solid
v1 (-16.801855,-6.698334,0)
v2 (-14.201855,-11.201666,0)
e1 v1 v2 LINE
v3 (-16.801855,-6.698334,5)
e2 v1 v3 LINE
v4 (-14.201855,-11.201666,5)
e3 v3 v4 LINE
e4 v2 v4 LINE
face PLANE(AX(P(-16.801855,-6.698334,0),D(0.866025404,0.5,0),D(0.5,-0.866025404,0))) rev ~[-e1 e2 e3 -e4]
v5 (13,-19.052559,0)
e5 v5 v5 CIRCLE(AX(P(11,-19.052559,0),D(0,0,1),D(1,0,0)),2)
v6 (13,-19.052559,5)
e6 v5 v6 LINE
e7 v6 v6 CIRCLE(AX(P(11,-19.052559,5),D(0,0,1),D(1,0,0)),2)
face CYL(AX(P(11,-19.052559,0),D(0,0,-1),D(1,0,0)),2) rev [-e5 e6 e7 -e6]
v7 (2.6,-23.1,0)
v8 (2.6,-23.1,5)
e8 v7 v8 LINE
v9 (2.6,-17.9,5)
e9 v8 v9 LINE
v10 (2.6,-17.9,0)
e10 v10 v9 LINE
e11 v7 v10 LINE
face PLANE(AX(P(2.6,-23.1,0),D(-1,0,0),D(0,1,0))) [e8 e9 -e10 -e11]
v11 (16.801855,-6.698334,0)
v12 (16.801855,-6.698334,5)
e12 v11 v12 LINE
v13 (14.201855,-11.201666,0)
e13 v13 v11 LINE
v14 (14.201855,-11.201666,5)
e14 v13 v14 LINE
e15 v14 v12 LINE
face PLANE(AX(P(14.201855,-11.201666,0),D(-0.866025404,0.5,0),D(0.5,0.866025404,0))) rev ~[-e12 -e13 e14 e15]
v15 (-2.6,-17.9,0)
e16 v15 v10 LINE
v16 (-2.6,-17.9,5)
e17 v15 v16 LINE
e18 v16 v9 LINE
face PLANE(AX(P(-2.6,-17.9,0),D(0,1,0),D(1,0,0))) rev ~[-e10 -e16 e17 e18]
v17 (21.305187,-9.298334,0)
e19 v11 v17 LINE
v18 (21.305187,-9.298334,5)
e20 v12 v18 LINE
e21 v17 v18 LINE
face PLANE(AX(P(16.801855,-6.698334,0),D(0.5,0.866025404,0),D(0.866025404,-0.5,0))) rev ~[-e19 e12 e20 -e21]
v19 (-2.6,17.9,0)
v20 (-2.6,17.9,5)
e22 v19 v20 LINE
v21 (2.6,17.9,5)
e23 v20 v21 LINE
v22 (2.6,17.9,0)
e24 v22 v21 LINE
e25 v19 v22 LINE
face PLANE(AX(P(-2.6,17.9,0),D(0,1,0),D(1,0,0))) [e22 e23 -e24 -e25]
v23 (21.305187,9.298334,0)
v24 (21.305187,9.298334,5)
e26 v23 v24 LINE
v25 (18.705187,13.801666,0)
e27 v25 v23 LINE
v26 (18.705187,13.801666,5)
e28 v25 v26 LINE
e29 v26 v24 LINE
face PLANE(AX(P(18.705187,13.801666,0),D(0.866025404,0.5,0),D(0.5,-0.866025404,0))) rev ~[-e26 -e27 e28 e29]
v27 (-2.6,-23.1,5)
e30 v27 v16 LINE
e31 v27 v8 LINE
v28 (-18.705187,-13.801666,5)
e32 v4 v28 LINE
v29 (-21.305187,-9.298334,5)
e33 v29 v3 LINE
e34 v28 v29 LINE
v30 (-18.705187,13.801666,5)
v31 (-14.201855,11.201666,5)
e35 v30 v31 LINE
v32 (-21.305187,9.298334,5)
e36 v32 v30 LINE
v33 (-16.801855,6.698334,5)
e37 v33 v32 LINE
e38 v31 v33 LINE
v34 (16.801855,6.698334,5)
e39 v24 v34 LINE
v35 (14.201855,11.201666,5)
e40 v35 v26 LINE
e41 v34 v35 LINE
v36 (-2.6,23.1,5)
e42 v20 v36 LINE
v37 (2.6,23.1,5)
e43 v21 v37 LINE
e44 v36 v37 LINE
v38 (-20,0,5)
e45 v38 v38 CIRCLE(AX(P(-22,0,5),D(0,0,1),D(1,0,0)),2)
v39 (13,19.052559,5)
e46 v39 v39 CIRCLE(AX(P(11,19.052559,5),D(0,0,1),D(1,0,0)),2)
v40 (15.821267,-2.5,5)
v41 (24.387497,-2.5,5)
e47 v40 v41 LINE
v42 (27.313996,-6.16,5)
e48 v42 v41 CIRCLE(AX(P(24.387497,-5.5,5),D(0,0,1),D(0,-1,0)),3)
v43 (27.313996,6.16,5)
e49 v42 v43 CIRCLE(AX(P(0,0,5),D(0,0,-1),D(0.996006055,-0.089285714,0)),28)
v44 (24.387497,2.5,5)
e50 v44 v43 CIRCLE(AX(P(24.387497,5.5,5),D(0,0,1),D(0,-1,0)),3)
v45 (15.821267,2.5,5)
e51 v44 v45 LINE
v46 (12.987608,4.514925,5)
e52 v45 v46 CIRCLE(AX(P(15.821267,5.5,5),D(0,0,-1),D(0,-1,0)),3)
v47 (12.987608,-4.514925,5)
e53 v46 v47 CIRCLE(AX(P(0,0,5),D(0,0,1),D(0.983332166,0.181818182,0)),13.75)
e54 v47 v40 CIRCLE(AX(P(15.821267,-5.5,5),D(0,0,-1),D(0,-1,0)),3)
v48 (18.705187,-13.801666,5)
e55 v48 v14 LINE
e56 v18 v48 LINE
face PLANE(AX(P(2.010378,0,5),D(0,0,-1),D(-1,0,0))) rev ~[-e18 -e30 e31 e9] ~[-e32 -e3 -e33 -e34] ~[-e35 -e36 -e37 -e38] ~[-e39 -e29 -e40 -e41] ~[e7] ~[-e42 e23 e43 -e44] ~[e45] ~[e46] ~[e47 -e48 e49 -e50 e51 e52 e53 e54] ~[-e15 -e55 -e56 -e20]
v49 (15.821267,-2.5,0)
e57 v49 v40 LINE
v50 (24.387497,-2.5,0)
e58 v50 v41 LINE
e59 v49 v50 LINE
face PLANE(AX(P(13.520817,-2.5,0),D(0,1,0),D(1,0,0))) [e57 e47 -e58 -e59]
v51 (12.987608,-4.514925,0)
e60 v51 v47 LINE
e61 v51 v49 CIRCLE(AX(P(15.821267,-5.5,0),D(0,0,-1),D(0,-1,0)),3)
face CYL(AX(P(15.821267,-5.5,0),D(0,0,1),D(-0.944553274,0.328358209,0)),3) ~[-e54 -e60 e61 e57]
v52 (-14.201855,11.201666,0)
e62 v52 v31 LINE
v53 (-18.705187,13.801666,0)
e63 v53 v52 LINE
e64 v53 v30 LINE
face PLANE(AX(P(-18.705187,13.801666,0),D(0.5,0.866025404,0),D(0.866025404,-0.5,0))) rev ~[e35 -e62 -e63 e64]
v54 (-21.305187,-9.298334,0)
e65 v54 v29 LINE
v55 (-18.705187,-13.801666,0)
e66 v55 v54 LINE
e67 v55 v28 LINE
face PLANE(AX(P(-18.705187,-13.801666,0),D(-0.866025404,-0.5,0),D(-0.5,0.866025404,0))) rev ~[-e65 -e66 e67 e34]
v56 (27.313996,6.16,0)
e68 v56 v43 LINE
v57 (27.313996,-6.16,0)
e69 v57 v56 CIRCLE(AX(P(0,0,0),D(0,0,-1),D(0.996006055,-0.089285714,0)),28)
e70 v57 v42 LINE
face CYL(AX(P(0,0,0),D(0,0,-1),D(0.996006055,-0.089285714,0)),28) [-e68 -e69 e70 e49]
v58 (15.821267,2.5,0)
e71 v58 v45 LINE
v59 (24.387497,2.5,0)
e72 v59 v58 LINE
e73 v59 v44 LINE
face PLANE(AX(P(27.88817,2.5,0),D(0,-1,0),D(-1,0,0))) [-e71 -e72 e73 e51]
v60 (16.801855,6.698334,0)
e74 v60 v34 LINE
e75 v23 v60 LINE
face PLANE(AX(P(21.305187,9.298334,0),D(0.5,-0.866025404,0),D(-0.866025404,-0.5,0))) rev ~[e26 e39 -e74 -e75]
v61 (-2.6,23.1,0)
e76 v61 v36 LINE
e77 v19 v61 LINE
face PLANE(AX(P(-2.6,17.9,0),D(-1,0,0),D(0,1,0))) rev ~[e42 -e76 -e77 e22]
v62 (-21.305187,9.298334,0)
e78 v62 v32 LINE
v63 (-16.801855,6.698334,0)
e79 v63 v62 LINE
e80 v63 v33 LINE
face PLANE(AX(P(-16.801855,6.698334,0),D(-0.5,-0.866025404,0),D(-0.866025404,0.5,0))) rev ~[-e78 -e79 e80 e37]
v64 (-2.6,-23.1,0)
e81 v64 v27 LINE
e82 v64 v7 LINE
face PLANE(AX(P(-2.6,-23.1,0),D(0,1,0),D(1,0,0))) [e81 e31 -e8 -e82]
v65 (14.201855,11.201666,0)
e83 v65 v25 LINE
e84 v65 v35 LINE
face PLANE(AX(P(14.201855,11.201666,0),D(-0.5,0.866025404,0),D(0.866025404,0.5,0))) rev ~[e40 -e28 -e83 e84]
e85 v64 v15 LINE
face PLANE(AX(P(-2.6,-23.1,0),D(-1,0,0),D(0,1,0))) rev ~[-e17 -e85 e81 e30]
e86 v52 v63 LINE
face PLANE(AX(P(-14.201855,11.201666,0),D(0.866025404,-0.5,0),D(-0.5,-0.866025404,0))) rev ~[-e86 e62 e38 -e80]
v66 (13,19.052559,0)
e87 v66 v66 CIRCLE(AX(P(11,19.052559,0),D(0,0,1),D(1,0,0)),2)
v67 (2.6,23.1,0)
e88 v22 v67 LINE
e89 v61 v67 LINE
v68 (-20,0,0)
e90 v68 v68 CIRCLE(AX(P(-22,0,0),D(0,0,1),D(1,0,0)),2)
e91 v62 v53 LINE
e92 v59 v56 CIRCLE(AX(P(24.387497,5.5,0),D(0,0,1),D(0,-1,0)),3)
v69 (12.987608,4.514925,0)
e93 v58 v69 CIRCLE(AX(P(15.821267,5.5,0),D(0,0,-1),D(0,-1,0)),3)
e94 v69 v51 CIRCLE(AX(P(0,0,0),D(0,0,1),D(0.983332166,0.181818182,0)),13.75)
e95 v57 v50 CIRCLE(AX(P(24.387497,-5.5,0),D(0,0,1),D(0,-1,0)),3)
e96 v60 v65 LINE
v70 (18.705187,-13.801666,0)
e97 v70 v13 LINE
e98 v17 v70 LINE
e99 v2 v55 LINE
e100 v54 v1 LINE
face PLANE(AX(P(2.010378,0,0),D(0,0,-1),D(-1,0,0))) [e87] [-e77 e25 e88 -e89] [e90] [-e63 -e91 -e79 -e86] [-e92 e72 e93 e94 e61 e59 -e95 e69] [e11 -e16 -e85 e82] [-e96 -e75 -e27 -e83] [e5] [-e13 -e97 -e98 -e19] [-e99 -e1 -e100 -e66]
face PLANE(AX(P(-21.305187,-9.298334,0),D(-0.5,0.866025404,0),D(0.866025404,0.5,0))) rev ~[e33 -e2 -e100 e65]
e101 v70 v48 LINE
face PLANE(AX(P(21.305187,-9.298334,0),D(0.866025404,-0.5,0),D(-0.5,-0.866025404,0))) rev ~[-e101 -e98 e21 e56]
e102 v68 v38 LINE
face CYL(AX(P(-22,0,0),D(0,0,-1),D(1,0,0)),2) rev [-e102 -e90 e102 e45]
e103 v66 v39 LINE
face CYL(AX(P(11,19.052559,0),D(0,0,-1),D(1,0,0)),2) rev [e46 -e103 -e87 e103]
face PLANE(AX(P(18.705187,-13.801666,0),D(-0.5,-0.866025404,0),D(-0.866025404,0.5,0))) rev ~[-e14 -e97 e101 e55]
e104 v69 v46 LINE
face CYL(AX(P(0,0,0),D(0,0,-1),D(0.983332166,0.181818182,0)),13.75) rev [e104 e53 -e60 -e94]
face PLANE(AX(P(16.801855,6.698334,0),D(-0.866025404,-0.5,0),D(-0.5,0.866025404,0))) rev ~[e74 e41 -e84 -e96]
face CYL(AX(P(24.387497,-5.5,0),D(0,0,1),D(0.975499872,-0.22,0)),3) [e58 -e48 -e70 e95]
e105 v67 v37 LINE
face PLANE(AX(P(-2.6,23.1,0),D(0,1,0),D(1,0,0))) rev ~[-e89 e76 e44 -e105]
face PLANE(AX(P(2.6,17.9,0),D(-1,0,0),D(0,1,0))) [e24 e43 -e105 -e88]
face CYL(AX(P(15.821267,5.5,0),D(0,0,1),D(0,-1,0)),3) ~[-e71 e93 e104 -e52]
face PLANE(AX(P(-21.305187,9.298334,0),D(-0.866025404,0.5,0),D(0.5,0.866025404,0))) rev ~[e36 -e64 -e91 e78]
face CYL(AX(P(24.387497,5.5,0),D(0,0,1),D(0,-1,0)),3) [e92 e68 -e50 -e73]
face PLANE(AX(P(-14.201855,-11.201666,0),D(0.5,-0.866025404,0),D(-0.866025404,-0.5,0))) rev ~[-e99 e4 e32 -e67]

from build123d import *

# Parameters (mm, degrees)
SKETCH1_R           = 2
SKETCH1_W           = 5.2
SKETCH1_H           = 5.2
BOSS_EXTRUDE1_DEPTH = 5
CONG_2_R            = 3


with BuildPart() as part:
    # Sketch1 → Boss-Extrude1 (new body)
    with BuildSketch(Plane.XY):
        with BuildLine():
            Line((27.888169535, 2.5), (13.520817283, 2.5))
            ThreePointArc((13.520817283, 2.5), (-13.75, 0), (13.520817283, -2.5))
            Line((13.520817283, -2.5), (27.888169535, -2.5))
            ThreePointArc((27.888169535, -2.5), (-28, 0), (27.888169535, 2.5))
        make_face()
        with Locations((11, 19.052558883)):
            Circle(SKETCH1_R, mode=Mode.SUBTRACT)
        with Locations((11, -19.052558883)):
            Circle(SKETCH1_R, mode=Mode.SUBTRACT)
        with Locations((-22, 0)):
            Circle(SKETCH1_R, mode=Mode.SUBTRACT)
        with Locations((0, 20.5)):
            Rectangle(SKETCH1_W, SKETCH1_H, mode=Mode.SUBTRACT)
        Polygon((21.305186827, 9.29833395), (16.801854728, 6.69833395), (14.201854728, 11.20166605), (18.705186827, 13.80166605), align=None, mode=Mode.SUBTRACT)
        Polygon((18.705186827, -13.80166605), (14.201854728, -11.20166605), (16.801854728, -6.69833395), (21.305186827, -9.29833395), align=None, mode=Mode.SUBTRACT)
        with Locations((0, -20.5)):
            Rectangle(SKETCH1_W, SKETCH1_H, mode=Mode.SUBTRACT)
        Polygon((-21.305186827, -9.29833395), (-16.801854728, -6.69833395), (-14.201854728, -11.20166605), (-18.705186827, -13.80166605), align=None, mode=Mode.SUBTRACT)
        Polygon((-18.705186827, 13.80166605), (-14.201854728, 11.20166605), (-16.801854728, 6.69833395), (-21.305186827, 9.29833395), align=None, mode=Mode.SUBTRACT)
    extrude(amount=BOSS_EXTRUDE1_DEPTH)

    # Congé2
    cong_2_edges = [part.edges().sort_by_distance(p)[0] for p in [
        (27.888169535, 2.5, 2.5),
        (13.520817283, 2.5, 2.5),
        (13.520817283, -2.5, 2.5),
        (27.888169535, -2.5, 2.5),
    ]]
    fillet(cong_2_edges, radius=CONG_2_R)


solid = part.part
